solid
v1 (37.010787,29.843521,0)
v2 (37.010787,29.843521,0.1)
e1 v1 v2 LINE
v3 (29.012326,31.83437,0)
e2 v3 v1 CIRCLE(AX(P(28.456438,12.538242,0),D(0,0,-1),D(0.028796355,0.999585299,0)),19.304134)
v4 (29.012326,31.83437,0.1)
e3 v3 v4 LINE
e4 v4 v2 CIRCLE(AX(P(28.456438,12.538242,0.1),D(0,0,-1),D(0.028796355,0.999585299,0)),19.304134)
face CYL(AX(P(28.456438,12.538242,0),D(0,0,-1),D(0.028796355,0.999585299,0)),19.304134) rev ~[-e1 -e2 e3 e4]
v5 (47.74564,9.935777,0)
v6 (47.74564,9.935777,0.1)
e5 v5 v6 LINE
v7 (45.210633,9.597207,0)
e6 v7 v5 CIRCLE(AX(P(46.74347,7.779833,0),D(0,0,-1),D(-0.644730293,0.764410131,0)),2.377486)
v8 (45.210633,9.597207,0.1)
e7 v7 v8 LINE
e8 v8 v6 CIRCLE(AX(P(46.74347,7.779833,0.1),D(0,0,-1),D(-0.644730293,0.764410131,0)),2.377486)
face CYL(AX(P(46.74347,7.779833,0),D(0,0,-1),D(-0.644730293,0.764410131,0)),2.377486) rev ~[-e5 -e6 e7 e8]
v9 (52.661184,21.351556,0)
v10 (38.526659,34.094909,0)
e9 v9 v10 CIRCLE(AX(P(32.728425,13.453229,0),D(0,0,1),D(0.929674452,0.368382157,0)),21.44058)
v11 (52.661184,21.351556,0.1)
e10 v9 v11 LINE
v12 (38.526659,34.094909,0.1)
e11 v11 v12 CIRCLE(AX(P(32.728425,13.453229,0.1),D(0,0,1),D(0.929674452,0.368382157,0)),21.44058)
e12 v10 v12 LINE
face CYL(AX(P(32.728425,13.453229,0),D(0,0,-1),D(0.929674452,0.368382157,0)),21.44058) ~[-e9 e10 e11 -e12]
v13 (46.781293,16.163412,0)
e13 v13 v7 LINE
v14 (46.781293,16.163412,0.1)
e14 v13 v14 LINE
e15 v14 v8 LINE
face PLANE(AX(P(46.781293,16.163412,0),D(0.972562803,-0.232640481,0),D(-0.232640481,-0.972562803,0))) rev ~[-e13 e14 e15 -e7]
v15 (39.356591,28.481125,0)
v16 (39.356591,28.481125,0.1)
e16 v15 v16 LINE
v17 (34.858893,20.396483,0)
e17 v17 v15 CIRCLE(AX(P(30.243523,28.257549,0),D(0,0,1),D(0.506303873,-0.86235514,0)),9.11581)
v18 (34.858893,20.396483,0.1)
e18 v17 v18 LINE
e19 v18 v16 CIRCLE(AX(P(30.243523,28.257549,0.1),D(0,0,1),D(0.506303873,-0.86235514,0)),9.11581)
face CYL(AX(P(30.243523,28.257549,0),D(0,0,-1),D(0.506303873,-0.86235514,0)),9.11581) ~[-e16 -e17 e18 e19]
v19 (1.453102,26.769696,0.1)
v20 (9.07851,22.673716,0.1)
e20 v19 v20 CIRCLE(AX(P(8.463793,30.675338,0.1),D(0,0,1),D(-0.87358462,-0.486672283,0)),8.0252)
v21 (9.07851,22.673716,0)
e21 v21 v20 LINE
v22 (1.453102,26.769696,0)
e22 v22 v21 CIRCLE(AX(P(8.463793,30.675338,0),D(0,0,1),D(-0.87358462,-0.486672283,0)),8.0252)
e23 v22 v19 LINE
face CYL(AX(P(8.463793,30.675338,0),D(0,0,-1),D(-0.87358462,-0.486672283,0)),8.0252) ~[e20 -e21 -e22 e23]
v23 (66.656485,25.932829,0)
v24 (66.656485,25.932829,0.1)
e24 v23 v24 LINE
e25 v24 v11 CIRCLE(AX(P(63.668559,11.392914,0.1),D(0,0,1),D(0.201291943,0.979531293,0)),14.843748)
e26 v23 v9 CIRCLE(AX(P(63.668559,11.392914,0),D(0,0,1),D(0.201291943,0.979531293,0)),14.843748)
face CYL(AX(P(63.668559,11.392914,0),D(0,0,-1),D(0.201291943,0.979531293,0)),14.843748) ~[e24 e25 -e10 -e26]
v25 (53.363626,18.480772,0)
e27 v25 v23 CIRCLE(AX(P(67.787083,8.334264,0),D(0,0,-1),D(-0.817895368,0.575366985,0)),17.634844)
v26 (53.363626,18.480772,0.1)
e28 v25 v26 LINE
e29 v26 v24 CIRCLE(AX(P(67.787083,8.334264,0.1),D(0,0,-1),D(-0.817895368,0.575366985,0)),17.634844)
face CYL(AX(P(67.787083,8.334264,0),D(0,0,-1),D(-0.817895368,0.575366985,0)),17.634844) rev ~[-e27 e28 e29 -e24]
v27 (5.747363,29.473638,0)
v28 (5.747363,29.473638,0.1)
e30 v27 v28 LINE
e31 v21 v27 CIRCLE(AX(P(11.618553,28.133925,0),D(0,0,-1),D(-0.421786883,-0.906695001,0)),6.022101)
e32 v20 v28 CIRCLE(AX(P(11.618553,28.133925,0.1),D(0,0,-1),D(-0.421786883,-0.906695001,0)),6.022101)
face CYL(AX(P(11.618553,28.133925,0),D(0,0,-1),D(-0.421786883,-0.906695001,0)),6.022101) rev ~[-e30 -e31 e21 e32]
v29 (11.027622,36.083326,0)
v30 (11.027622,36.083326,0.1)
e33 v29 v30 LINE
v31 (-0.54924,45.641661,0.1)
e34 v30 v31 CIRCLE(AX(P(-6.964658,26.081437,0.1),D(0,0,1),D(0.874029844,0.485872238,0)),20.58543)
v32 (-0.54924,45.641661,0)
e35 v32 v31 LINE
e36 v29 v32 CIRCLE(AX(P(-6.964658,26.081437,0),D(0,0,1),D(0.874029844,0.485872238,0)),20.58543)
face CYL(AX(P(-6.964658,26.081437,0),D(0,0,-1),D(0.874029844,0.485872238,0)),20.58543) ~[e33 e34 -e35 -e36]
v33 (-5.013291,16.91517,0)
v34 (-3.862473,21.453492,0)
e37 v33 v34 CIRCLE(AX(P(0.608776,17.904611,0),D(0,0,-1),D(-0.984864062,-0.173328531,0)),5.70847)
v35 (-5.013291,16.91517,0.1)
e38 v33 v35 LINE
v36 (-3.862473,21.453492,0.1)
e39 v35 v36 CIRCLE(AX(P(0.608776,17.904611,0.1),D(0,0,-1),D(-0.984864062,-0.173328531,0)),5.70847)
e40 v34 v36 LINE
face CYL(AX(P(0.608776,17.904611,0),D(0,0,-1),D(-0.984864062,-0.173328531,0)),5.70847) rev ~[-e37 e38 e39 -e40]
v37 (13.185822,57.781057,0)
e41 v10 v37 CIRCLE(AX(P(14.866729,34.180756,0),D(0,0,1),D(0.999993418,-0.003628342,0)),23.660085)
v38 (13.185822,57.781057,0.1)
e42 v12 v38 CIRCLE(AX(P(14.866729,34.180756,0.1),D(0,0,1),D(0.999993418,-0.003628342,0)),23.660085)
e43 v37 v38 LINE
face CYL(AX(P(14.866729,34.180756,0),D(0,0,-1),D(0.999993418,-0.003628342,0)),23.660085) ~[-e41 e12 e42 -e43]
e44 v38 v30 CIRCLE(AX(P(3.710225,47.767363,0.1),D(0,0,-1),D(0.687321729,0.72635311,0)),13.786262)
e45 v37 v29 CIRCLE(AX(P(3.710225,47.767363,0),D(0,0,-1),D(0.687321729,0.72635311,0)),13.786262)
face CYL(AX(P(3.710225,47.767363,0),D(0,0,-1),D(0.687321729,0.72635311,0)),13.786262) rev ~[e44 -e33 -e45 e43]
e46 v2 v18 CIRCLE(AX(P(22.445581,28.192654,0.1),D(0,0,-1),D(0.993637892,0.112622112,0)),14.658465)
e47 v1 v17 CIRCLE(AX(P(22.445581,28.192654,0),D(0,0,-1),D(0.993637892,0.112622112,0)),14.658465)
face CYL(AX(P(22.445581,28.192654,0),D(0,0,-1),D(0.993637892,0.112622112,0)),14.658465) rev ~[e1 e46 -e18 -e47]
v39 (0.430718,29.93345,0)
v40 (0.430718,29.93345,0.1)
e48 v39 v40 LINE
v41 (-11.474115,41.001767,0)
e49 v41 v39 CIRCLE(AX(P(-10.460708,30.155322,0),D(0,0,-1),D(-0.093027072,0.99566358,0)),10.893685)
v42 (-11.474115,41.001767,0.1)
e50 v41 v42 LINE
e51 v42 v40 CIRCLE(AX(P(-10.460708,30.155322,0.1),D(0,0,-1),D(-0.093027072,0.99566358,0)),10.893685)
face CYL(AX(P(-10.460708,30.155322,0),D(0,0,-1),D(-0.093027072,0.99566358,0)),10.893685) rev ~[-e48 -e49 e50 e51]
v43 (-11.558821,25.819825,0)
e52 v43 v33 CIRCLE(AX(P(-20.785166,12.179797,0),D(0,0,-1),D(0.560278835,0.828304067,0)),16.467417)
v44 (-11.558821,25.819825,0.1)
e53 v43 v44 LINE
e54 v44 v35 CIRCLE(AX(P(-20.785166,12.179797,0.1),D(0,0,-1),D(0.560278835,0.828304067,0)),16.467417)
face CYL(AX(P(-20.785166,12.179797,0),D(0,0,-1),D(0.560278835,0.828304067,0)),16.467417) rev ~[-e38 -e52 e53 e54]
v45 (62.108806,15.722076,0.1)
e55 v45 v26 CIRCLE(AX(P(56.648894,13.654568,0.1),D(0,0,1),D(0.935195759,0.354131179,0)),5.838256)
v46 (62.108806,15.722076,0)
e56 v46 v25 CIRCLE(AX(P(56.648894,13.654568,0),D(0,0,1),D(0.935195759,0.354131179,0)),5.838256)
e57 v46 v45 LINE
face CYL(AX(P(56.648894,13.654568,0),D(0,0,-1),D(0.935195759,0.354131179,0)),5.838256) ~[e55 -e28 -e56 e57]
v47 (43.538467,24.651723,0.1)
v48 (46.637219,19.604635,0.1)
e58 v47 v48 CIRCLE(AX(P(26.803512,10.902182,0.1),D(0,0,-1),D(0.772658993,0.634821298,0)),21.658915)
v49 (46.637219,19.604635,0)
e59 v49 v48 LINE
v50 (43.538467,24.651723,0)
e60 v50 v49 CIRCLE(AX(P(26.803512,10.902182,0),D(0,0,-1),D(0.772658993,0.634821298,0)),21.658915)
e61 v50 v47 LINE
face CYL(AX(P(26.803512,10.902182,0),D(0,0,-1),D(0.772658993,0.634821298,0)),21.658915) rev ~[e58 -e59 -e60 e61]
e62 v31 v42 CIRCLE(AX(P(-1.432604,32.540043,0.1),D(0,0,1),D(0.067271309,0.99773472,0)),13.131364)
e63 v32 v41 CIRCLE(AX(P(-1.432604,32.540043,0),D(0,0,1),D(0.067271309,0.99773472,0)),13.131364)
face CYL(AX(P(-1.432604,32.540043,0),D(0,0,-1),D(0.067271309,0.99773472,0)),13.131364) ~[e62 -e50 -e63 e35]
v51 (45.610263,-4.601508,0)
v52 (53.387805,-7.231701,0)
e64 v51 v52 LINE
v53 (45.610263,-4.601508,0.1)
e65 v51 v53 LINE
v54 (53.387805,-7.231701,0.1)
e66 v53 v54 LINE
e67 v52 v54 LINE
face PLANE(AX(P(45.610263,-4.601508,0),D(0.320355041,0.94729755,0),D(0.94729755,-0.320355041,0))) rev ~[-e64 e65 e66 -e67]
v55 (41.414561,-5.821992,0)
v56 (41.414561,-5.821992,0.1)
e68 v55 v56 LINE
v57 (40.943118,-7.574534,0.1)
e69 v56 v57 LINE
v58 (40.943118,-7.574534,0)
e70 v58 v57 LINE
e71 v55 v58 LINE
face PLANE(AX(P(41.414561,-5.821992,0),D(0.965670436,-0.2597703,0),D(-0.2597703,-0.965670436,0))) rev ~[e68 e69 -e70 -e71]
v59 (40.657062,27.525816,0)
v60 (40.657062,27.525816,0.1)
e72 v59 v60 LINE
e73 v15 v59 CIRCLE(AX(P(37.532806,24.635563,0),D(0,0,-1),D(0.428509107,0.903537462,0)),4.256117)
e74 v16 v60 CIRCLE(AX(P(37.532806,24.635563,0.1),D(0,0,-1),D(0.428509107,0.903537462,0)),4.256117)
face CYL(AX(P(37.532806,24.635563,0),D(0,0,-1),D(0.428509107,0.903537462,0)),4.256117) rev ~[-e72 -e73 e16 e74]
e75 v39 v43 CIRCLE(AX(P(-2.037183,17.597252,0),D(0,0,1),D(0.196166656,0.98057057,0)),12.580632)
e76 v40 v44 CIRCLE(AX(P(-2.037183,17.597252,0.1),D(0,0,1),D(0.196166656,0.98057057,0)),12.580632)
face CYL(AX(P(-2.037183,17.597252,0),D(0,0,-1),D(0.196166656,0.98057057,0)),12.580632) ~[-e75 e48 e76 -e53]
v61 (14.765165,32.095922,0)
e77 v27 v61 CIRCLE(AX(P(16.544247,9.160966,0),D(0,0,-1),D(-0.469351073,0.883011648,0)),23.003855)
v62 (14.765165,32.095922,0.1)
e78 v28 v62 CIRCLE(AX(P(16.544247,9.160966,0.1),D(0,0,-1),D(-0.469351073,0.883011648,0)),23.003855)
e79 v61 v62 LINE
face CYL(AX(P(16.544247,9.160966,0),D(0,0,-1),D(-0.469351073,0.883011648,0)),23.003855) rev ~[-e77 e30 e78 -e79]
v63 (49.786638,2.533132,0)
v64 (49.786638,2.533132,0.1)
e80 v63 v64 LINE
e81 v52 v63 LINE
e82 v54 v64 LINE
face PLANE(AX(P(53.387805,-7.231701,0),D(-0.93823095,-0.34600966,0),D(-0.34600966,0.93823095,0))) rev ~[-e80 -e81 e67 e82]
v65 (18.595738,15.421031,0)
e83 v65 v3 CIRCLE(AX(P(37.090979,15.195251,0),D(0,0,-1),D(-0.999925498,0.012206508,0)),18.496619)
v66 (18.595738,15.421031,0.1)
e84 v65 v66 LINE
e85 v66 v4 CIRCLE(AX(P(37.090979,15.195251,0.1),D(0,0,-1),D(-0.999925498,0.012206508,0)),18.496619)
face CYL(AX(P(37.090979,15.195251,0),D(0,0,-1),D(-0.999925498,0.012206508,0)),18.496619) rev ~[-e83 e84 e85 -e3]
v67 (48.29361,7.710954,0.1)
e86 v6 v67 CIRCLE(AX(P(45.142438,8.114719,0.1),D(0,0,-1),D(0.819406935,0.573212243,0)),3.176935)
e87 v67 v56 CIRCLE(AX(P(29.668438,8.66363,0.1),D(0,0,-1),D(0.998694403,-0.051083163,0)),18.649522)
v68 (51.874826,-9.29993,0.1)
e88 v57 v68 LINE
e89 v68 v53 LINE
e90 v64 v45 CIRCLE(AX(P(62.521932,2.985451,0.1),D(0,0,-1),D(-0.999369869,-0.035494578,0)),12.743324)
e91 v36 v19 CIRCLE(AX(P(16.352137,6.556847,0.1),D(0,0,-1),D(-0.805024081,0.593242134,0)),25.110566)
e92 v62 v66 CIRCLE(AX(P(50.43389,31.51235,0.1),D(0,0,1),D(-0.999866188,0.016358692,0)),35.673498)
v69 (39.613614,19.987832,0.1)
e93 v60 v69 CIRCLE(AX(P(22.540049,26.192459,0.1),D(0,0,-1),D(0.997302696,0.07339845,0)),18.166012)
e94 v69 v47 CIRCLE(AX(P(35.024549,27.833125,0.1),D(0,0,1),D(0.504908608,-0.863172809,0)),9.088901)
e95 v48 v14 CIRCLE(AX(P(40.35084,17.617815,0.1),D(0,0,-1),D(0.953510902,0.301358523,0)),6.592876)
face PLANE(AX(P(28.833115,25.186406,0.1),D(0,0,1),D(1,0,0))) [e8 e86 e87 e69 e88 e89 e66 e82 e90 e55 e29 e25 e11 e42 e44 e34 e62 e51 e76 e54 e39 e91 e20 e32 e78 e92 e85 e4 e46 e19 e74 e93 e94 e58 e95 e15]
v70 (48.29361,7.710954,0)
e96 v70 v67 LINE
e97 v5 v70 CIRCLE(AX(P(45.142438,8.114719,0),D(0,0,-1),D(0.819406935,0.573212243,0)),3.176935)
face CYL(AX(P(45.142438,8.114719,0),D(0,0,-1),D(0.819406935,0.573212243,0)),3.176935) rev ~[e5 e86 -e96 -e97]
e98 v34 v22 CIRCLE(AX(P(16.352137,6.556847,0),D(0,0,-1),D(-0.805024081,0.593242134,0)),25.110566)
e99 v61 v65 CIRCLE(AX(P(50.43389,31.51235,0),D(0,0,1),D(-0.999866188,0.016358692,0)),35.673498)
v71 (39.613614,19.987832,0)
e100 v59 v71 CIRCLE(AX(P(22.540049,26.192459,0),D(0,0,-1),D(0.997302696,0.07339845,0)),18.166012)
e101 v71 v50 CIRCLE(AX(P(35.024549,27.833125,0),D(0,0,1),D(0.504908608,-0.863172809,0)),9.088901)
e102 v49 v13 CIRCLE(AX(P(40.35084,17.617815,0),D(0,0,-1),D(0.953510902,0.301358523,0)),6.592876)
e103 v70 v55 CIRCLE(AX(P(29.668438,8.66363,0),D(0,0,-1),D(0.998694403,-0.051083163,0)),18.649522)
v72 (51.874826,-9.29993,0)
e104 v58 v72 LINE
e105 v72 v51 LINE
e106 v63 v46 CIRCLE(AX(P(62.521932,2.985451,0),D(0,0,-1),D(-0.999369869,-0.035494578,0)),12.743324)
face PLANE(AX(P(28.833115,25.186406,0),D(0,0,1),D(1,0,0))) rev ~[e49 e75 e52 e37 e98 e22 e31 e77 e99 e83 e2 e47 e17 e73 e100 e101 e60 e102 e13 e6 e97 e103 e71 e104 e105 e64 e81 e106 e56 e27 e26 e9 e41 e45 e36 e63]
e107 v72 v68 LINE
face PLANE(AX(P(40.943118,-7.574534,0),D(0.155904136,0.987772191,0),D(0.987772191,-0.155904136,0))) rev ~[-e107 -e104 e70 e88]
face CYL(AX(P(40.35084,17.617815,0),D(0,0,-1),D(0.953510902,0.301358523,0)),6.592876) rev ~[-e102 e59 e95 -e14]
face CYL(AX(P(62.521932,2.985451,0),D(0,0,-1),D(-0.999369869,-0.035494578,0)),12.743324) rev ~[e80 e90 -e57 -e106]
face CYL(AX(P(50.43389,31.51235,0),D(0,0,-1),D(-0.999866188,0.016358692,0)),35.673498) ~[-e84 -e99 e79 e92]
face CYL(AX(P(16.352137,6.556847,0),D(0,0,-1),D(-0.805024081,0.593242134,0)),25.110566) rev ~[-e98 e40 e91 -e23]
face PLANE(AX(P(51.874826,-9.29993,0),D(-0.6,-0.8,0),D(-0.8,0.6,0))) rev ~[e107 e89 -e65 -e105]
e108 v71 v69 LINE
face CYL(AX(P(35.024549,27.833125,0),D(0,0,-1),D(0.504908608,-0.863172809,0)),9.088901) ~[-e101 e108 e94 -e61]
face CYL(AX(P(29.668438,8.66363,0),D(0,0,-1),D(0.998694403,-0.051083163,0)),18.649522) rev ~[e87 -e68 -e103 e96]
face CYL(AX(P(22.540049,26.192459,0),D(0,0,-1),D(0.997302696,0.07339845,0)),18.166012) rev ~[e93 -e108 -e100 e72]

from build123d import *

# Parameters (mm, degrees)
SALIENTE_EXTRUIR1_DEPTH = 0.1


with BuildPart() as part:
    # Model → Saliente-Extruir1 (new body)
    with BuildSketch(Plane.XY):
        with BuildLine():
            Line((46.781292642, 16.163412143), (45.210633071, 9.597207197))
            ThreePointArc((45.210633071, 9.597207197), (46.428733439, 10.136393874), (47.745640238, 9.935776663))
            ThreePointArc((47.745640238, 9.935776663), (48.227185328, 8.874486831), (48.29361035, 7.710953635))
            ThreePointArc((48.29361035, 7.710953635), (46.29339053, 0.212855495), (41.414561099, -5.821991516))
            Line((41.414561099, -5.821991516), (40.94311821, -7.574533899))
            Line((40.94311821, -7.574533899), (51.874825524, -9.299930098))
            Line((51.874825524, -9.299930098), (45.610263372, -4.601508484))
            Line((45.610263372, -4.601508484), (53.387805188, -7.231700789))
            Line((53.387805188, -7.231700789), (49.78663814, 2.533131744))
            ThreePointArc((49.78663814, 2.533131744), (53.21025646, 11.68516332), (62.108805747, 15.722076119))
            ThreePointArc((62.108805747, 15.722076119), (58.405273393, 19.222364472), (53.363625788, 18.480771672))
            ThreePointArc((53.363625788, 18.480771672), (59.163542766, 23.716796233), (66.656485293, 25.932829273))
            ThreePointArc((66.656485293, 25.932829273), (59.050669494, 25.500073296), (52.661184456, 21.351556375))
            ThreePointArc((52.661184456, 21.351556375), (47.085279202, 29.377399858), (38.526658627, 34.094909461))
            ThreePointArc((38.526658627, 34.094909461), (31.0230825, 51.465775367), (13.185822242, 57.781057111))
            ThreePointArc((13.185822242, 57.781057111), (17.428790822, 46.402823396), (11.027622368, 36.083325964))
            ThreePointArc((11.027622368, 36.083325964), (6.141614269, 41.955490113), (-0.549240207, 45.641660661))
            ThreePointArc((-0.549240207, 45.641660661), (-6.565835805, 44.626508675), (-11.474115224, 41.001767403))
            ThreePointArc((-11.474115224, 41.001767403), (-3.043112078, 38.133520464), (0.430717912, 29.933449747))
            ThreePointArc((0.430717912, 29.933449747), (-6.1199859, 29.496958972), (-11.558821293, 25.819825005))
            ThreePointArc((-11.558821293, 25.819825005), (-7.516746047, 21.932992962), (-5.013290934, 16.915169916))
            ThreePointArc((-5.013290934, 16.915169916), (-4.924563846, 19.307742761), (-3.862473188, 21.453492221))
            ThreePointArc((-3.862473188, 21.453492221), (-1.404763761, 24.311648506), (1.453102003, 26.769695749))
            ThreePointArc((1.453102003, 26.769695749), (4.666243247, 23.605511541), (9.078509713, 22.673715965))
            ThreePointArc((9.078509713, 22.673715965), (6.210508457, 25.484631427), (5.747363145, 29.473637989))
            ThreePointArc((5.747363145, 29.473637989), (10.121021769, 31.249866453), (14.765165078, 32.095922149))
            ThreePointArc((14.765165078, 32.095922149), (15.665979392, 23.525430747), (18.59573809, 15.421030506))
            ThreePointArc((18.59573809, 15.421030506), (21.47392467, 25.106483656), (29.012326443, 31.834370355))
            ThreePointArc((29.012326443, 31.834370355), (33.11905298, 31.270823266), (37.01078738, 29.843521077))
            ThreePointArc((37.01078738, 29.843521077), (36.737947796, 24.937066035), (34.858893184, 20.396482781))
            ThreePointArc((34.858893184, 20.396482781), (38.209567477, 23.825829531), (39.356591195, 28.481124787))
            ThreePointArc((39.356591195, 28.481124787), (40.05251455, 28.065666009), (40.657061832, 27.525816125))
            ThreePointArc((40.657061832, 27.525816125), (40.534478216, 23.70157311), (39.613613517, 19.987832464))
            ThreePointArc((39.613613517, 19.987832464), (41.978685113, 21.980935805), (43.538467404, 24.651722914))
            ThreePointArc((43.538467404, 24.651722914), (45.261167282, 22.234594253), (46.637218774, 19.604634534))
            ThreePointArc((46.637218774, 19.604634534), (46.937945055, 17.893597889), (46.781292642, 16.163412143))
        make_face()
    extrude(amount=SALIENTE_EXTRUIR1_DEPTH)


solid = part.part
